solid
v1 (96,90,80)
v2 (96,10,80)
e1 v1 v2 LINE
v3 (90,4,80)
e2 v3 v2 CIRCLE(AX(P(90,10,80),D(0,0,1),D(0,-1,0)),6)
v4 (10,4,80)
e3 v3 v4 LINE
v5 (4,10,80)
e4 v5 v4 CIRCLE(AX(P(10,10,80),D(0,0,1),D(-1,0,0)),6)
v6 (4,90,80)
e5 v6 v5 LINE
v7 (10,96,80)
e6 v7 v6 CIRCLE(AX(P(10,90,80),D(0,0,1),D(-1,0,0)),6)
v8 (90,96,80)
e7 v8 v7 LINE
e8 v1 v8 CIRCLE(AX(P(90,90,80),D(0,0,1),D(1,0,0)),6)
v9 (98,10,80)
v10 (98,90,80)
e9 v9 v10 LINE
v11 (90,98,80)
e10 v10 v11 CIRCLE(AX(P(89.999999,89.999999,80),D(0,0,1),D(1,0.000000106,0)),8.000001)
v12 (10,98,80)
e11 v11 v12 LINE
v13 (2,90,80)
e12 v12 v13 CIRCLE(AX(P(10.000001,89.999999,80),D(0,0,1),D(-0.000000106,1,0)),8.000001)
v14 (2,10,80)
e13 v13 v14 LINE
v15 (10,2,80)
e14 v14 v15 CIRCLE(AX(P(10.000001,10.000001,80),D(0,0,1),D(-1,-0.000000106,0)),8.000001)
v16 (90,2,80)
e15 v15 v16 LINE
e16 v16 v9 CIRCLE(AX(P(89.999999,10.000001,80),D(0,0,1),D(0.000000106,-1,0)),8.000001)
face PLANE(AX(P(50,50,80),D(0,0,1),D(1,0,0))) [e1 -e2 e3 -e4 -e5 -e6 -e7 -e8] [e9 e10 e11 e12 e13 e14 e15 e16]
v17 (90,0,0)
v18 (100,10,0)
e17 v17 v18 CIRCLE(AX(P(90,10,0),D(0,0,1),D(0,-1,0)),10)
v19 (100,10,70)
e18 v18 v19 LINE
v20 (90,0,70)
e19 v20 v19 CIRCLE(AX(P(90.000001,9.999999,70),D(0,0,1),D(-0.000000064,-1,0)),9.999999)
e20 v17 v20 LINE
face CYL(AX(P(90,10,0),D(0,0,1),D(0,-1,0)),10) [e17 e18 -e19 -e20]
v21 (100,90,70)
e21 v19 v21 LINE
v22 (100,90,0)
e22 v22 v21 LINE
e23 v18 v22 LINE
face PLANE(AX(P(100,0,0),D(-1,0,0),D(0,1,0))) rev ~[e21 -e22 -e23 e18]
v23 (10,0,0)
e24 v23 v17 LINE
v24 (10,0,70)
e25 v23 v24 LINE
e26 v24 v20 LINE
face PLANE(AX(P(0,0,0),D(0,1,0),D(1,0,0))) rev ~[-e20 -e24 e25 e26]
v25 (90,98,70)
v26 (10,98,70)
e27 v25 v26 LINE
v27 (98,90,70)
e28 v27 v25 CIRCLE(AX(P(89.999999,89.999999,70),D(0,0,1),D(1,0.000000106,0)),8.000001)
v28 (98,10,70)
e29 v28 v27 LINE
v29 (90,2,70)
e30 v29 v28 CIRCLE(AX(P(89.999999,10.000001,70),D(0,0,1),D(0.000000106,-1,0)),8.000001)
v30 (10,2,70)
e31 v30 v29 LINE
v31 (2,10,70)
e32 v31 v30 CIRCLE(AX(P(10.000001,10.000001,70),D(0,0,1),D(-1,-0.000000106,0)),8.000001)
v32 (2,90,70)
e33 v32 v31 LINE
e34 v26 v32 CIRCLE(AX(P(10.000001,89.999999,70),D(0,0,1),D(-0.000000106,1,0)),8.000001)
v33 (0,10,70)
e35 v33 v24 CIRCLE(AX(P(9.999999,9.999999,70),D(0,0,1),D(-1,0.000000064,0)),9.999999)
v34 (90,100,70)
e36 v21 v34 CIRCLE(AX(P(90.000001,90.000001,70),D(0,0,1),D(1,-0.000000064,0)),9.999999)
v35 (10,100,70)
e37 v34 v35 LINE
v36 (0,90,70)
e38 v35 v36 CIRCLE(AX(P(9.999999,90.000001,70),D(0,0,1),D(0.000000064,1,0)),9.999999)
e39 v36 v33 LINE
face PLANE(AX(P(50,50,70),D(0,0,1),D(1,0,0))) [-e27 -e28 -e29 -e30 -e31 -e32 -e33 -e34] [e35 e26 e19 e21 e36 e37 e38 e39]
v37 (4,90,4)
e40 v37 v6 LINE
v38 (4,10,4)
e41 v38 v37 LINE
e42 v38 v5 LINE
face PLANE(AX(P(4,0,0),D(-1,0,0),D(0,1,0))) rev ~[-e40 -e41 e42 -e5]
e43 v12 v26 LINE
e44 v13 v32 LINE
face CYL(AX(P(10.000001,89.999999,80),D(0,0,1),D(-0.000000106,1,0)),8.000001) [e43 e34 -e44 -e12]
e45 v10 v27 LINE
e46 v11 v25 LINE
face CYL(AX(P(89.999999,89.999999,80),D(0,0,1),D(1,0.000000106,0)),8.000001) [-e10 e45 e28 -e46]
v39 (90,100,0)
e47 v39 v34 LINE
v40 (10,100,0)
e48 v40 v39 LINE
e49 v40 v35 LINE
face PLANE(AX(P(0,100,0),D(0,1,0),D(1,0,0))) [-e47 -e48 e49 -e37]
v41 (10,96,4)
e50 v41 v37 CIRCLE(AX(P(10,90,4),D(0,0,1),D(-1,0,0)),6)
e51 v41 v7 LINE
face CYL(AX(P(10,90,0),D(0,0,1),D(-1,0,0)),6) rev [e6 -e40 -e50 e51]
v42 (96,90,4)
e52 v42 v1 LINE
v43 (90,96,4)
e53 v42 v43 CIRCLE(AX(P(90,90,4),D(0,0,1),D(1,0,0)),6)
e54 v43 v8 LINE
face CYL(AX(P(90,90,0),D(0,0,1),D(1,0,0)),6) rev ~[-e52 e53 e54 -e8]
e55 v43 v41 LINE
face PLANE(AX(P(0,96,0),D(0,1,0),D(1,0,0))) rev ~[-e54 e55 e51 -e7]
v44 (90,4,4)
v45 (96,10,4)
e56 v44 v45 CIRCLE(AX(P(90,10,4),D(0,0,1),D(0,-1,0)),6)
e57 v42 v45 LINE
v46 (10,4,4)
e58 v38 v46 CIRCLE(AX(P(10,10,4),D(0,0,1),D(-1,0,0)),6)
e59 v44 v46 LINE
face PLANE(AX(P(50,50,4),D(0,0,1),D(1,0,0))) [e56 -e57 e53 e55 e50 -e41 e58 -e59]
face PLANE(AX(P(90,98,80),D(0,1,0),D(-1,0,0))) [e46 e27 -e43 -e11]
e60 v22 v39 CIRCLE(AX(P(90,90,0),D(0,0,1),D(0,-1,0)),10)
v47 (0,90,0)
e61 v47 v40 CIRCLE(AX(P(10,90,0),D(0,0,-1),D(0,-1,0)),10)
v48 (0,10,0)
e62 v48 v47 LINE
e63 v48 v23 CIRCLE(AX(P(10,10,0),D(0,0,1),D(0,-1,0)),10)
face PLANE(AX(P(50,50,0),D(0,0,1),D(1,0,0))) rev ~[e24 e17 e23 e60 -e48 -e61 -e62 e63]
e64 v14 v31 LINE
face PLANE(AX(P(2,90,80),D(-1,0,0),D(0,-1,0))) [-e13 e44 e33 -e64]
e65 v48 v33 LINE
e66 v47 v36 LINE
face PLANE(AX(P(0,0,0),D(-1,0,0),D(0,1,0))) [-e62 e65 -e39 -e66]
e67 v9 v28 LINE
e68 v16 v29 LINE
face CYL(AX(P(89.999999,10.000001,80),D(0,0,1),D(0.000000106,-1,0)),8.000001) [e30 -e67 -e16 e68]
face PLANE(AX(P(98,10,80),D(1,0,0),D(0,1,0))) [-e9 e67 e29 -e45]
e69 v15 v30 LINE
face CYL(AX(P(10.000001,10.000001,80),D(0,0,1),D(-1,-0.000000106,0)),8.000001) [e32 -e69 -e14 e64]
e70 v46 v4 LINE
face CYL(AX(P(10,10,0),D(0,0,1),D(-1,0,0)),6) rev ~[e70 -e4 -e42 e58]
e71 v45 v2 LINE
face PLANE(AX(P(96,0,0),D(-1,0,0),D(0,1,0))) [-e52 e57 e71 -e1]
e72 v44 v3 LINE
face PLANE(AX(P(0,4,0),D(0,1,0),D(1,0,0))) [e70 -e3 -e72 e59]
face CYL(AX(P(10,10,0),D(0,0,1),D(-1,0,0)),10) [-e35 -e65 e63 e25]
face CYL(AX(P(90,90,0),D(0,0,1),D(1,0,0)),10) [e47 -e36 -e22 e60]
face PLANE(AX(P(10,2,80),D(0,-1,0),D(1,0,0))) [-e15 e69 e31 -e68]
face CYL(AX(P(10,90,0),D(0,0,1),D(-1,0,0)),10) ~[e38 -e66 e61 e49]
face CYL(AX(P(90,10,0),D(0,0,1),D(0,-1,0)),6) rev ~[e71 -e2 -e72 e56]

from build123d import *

# Parameters (mm, degrees)
SKETCH_W     = 100
SKETCH_H     = 100
PAD_DEPTH    = 80
FILLET_R     = 10
THICKNESS_T  = -4
POCKET_DEPTH = 10


with BuildPart() as part:
    # Sketch → Pad (new body)
    with BuildSketch(Plane.XY):
        with Locations((50, 50)):
            Rectangle(SKETCH_W, SKETCH_H)
    extrude(amount=PAD_DEPTH)

    # Fillet
    fillet_edges = [part.edges().sort_by_distance(p)[0] for p in [
        (0, 0, 40),
        (100, 0, 40),
        (100, 100, 40),
        (0, 100, 40),
    ]]
    fillet(fillet_edges, radius=FILLET_R)

    # Thickness
    thickness_openings = [part.faces().sort_by_distance(p)[0] for p in [
        (50, 50, 80),
    ]]
    offset(amount=THICKNESS_T, openings=thickness_openings, kind=Kind.INTERSECTION)

    # Sketch001 (on Face10 of Thickness) → Pocket (cut)
    with BuildSketch(Plane.XY.offset(80)):
        with BuildLine():
            Line((0, 90), (0, 10))
            ThreePointArc((0, 10), (2.928932, 2.928932), (10, 0))
            Line((10, 0), (90, 0))
            ThreePointArc((90, 0), (97.071068, 2.928932), (100, 10))
            Line((100, 10), (100, 90))
            ThreePointArc((100, 90), (97.071068, 97.071068), (90, 100))
            Line((90, 100), (10, 100))
            ThreePointArc((10, 100), (2.928932, 97.071068), (0, 90))
        make_face()
        with BuildLine():
            Line((2, 90), (2, 10))
            ThreePointArc((2, 10), (4.343146, 4.343146), (10, 2))
            Line((10, 2), (90, 2))
            ThreePointArc((90, 2), (95.656854, 4.343146), (98, 10))
            Line((98, 10), (98, 90))
            ThreePointArc((98, 90), (95.656854, 95.656854), (90, 98))
            Line((90, 98), (10, 98))
            ThreePointArc((10, 98), (4.343146, 95.656854), (2, 90))
        make_face(mode=Mode.SUBTRACT)
    extrude(amount=-POCKET_DEPTH, mode=Mode.SUBTRACT)


solid = part.part
